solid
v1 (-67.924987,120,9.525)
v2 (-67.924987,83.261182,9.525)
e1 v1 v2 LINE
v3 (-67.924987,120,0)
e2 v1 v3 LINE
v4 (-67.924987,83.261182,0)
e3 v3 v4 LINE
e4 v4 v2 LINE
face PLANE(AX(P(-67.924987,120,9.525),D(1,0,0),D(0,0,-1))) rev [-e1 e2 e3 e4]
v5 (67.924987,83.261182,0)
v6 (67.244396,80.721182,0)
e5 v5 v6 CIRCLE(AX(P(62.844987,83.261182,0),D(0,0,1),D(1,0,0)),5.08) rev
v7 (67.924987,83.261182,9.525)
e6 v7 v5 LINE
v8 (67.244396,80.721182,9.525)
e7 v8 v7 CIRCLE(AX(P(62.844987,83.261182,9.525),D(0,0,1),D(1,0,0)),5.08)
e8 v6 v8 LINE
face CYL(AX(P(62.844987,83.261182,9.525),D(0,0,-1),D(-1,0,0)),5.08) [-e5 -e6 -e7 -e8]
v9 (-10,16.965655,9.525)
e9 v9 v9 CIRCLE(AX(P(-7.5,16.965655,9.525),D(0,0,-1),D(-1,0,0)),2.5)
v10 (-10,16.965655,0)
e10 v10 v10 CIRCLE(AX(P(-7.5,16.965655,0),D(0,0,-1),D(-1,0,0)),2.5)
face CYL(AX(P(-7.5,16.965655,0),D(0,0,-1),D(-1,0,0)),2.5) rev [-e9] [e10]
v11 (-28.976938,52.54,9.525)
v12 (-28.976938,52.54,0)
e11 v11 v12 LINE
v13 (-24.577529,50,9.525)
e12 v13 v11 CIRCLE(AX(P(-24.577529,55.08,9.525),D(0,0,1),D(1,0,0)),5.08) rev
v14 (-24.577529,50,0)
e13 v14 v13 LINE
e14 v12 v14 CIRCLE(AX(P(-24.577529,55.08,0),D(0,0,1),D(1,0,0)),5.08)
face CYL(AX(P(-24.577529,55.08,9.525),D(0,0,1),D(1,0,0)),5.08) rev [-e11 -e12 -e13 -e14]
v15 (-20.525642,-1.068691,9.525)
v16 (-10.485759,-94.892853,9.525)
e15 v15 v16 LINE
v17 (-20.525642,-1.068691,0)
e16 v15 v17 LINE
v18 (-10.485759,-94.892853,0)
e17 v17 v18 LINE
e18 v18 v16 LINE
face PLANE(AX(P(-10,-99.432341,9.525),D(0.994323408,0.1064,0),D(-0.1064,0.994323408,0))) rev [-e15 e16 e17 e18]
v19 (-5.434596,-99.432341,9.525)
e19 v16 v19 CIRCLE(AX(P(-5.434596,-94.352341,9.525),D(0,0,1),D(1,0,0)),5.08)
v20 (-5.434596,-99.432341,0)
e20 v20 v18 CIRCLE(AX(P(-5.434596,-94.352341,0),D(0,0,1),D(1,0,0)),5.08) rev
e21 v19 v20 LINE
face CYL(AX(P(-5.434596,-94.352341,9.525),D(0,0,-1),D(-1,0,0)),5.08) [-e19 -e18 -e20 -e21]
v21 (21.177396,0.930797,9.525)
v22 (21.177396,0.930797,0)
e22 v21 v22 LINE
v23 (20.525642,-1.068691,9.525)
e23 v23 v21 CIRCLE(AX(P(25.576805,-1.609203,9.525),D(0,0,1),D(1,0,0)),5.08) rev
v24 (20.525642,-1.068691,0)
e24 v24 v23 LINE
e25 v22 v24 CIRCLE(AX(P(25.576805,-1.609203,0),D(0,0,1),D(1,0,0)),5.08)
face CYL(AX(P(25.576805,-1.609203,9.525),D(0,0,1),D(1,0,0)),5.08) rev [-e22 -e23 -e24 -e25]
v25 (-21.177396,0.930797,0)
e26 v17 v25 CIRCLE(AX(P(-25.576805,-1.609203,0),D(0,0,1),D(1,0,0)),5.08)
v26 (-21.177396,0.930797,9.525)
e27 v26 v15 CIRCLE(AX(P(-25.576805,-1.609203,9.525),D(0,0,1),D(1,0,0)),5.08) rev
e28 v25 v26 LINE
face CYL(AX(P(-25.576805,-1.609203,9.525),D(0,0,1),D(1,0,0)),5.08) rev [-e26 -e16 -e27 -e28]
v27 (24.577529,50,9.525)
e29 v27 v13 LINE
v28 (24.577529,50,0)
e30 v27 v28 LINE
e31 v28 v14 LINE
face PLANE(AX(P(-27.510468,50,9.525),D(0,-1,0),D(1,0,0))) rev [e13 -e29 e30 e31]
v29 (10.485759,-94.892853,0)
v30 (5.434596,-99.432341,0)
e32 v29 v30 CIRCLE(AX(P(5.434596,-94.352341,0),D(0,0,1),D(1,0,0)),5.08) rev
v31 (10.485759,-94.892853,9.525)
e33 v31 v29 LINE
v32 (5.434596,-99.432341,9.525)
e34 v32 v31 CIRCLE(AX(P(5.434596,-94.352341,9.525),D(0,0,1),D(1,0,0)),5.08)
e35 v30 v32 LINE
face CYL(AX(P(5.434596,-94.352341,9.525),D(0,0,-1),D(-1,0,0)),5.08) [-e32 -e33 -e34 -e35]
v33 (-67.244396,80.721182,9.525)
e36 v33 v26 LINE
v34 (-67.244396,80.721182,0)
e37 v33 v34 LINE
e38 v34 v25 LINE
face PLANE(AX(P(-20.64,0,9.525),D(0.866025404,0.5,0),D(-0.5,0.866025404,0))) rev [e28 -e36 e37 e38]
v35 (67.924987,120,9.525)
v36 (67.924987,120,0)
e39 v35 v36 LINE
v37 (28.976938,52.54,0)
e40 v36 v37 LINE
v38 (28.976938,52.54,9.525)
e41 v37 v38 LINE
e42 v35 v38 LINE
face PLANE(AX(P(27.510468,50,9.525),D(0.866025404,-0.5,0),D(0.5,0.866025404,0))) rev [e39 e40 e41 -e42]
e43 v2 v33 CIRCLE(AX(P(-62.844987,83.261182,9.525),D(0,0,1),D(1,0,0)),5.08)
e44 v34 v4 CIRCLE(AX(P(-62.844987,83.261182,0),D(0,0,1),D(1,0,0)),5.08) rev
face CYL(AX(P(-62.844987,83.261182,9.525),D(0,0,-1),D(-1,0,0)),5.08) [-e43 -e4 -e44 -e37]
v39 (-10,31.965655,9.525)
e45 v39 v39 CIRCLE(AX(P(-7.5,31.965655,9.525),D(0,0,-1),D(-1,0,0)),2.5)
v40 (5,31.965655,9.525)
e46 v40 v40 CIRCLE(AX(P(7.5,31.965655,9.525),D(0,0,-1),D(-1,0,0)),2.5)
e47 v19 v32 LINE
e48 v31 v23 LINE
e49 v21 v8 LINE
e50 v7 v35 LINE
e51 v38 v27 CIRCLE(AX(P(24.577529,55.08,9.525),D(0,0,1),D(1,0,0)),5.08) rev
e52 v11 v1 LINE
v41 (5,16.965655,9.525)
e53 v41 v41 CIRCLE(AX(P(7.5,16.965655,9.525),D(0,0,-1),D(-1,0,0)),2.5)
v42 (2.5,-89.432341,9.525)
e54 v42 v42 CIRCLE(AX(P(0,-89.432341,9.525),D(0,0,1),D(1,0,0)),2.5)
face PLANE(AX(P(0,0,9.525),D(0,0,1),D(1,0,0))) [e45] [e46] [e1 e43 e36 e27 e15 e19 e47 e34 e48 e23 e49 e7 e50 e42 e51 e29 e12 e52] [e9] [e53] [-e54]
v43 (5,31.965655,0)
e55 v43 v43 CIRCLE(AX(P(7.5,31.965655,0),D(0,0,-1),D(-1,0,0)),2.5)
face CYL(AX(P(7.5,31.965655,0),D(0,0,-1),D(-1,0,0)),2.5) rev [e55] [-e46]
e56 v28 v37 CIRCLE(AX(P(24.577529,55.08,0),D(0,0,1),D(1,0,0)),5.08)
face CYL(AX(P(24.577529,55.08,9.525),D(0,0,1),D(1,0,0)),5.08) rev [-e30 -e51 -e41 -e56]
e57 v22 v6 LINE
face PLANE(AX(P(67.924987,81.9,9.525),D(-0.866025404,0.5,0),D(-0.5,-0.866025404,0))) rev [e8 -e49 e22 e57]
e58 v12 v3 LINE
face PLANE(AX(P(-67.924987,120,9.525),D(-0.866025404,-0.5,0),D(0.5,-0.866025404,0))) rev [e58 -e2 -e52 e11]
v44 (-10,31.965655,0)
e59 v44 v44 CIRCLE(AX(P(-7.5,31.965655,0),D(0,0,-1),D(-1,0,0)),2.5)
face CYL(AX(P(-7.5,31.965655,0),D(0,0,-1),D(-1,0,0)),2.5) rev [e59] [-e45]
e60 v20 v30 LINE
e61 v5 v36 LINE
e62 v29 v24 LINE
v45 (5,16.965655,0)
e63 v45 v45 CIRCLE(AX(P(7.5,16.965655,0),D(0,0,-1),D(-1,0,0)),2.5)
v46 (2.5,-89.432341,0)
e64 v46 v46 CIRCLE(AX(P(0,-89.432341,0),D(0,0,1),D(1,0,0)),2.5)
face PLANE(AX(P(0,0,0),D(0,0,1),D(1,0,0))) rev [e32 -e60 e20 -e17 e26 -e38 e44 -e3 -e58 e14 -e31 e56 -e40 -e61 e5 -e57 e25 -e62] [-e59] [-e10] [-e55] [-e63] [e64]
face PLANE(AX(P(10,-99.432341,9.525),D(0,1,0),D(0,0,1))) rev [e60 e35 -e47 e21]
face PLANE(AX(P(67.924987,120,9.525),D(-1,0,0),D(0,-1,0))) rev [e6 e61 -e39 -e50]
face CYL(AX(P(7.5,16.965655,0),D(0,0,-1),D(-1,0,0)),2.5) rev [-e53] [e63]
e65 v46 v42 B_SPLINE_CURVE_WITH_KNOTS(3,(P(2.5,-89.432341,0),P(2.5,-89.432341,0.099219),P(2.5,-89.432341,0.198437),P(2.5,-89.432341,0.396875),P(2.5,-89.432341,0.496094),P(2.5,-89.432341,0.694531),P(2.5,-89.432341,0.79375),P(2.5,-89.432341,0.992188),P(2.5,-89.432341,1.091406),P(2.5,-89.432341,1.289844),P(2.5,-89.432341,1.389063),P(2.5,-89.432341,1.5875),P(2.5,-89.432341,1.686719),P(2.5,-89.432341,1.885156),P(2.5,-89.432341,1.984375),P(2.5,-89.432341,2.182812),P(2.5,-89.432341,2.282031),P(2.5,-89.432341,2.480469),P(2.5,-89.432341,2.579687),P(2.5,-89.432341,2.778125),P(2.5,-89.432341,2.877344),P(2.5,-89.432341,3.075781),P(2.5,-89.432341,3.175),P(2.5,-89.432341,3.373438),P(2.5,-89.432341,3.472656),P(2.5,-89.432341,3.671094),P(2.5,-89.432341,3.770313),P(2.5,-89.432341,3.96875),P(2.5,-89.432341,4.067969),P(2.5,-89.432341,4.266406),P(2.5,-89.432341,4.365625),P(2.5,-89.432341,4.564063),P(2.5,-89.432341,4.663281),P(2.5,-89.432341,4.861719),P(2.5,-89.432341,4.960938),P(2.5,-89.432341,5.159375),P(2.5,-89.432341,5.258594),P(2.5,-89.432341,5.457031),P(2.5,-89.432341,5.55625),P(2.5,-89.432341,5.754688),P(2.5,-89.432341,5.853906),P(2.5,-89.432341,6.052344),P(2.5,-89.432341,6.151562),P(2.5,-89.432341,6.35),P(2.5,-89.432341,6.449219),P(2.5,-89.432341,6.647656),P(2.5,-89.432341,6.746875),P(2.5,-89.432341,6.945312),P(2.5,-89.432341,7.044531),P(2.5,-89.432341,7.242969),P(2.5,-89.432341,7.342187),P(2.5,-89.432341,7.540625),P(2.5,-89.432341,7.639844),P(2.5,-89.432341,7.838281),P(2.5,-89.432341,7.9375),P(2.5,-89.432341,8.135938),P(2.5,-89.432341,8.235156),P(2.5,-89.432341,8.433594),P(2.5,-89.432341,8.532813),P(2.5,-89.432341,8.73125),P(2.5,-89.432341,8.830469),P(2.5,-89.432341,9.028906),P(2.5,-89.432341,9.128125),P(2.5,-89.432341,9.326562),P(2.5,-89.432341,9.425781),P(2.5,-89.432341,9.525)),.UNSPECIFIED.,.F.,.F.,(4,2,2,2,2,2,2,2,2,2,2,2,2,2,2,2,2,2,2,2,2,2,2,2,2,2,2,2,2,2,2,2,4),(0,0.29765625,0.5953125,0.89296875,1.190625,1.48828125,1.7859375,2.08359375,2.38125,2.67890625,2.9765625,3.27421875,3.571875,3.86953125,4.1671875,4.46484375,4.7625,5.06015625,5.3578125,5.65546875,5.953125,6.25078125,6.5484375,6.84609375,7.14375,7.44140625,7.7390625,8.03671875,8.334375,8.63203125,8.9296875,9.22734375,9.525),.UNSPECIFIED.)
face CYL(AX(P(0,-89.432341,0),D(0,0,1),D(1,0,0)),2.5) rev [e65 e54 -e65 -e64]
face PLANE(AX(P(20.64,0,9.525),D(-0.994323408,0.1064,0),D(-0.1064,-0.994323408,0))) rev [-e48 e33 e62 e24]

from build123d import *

# Parameters (mm, degrees)
BOSS_EXTRUDE1_DEPTH   = 9.525
FILLET1_R             = 5.08
F_5_0MM_DOWEL_HOLE1_D = 5
SKETCH14_R            = 2.5
CUT_EXTRUDE1_DEPTH    = 139.21913576


with BuildPart() as part:
    # Sketch1 → Boss-Extrude1 (new body)
    with BuildSketch(Plane.XY):
        Polygon((-27.510468203, 50), (27.510468203, 50), (67.924987047, 120), (67.924987047, 81.9), (20.64, 0), (10, -99.432340815), (-10, -99.432340815), (-20.64, 0), (-67.924987047, 81.9), (-67.924987047, 120), align=None)
    extrude(amount=BOSS_EXTRUDE1_DEPTH)

    # Fillet1
    fillet1_edges = [part.edges().sort_by_distance(p)[0] for p in [
        (-27.510468203, 50, 4.7625),
        (27.510468203, 50, 4.7625),
        (67.924987047, 81.9, 4.7625),
        (20.64, 0, 4.7625),
        (10, -99.432340815, 4.7625),
        (-10, -99.432340815, 4.7625),
        (-20.64, 0, 4.7625),
        (-67.924987047, 81.9, 4.7625),
    ]]
    fillet(fillet1_edges, radius=FILLET1_R)

    # Ø5.0mm Dowel Hole1 (through all)
    with Locations(Plane(origin=(0, 0, 0), x_dir=(-1, 0, 0), z_dir=(0, 0, -1))):
        with Locations((-7.5, 31.965654583), (7.5, 31.965654583), (-7.5, 16.965654583), (7.5, 16.965654583)):
            Hole(F_5_0MM_DOWEL_HOLE1_D / 2)

    # Sketch14 → Cut-Extrude1 (cut, through all)
    with BuildSketch(Plane.XY.offset(9.525)):
        with Locations((0, -89.432340815)):
            Circle(SKETCH14_R)
    extrude(amount=-CUT_EXTRUDE1_DEPTH, mode=Mode.SUBTRACT)


solid = part.part
